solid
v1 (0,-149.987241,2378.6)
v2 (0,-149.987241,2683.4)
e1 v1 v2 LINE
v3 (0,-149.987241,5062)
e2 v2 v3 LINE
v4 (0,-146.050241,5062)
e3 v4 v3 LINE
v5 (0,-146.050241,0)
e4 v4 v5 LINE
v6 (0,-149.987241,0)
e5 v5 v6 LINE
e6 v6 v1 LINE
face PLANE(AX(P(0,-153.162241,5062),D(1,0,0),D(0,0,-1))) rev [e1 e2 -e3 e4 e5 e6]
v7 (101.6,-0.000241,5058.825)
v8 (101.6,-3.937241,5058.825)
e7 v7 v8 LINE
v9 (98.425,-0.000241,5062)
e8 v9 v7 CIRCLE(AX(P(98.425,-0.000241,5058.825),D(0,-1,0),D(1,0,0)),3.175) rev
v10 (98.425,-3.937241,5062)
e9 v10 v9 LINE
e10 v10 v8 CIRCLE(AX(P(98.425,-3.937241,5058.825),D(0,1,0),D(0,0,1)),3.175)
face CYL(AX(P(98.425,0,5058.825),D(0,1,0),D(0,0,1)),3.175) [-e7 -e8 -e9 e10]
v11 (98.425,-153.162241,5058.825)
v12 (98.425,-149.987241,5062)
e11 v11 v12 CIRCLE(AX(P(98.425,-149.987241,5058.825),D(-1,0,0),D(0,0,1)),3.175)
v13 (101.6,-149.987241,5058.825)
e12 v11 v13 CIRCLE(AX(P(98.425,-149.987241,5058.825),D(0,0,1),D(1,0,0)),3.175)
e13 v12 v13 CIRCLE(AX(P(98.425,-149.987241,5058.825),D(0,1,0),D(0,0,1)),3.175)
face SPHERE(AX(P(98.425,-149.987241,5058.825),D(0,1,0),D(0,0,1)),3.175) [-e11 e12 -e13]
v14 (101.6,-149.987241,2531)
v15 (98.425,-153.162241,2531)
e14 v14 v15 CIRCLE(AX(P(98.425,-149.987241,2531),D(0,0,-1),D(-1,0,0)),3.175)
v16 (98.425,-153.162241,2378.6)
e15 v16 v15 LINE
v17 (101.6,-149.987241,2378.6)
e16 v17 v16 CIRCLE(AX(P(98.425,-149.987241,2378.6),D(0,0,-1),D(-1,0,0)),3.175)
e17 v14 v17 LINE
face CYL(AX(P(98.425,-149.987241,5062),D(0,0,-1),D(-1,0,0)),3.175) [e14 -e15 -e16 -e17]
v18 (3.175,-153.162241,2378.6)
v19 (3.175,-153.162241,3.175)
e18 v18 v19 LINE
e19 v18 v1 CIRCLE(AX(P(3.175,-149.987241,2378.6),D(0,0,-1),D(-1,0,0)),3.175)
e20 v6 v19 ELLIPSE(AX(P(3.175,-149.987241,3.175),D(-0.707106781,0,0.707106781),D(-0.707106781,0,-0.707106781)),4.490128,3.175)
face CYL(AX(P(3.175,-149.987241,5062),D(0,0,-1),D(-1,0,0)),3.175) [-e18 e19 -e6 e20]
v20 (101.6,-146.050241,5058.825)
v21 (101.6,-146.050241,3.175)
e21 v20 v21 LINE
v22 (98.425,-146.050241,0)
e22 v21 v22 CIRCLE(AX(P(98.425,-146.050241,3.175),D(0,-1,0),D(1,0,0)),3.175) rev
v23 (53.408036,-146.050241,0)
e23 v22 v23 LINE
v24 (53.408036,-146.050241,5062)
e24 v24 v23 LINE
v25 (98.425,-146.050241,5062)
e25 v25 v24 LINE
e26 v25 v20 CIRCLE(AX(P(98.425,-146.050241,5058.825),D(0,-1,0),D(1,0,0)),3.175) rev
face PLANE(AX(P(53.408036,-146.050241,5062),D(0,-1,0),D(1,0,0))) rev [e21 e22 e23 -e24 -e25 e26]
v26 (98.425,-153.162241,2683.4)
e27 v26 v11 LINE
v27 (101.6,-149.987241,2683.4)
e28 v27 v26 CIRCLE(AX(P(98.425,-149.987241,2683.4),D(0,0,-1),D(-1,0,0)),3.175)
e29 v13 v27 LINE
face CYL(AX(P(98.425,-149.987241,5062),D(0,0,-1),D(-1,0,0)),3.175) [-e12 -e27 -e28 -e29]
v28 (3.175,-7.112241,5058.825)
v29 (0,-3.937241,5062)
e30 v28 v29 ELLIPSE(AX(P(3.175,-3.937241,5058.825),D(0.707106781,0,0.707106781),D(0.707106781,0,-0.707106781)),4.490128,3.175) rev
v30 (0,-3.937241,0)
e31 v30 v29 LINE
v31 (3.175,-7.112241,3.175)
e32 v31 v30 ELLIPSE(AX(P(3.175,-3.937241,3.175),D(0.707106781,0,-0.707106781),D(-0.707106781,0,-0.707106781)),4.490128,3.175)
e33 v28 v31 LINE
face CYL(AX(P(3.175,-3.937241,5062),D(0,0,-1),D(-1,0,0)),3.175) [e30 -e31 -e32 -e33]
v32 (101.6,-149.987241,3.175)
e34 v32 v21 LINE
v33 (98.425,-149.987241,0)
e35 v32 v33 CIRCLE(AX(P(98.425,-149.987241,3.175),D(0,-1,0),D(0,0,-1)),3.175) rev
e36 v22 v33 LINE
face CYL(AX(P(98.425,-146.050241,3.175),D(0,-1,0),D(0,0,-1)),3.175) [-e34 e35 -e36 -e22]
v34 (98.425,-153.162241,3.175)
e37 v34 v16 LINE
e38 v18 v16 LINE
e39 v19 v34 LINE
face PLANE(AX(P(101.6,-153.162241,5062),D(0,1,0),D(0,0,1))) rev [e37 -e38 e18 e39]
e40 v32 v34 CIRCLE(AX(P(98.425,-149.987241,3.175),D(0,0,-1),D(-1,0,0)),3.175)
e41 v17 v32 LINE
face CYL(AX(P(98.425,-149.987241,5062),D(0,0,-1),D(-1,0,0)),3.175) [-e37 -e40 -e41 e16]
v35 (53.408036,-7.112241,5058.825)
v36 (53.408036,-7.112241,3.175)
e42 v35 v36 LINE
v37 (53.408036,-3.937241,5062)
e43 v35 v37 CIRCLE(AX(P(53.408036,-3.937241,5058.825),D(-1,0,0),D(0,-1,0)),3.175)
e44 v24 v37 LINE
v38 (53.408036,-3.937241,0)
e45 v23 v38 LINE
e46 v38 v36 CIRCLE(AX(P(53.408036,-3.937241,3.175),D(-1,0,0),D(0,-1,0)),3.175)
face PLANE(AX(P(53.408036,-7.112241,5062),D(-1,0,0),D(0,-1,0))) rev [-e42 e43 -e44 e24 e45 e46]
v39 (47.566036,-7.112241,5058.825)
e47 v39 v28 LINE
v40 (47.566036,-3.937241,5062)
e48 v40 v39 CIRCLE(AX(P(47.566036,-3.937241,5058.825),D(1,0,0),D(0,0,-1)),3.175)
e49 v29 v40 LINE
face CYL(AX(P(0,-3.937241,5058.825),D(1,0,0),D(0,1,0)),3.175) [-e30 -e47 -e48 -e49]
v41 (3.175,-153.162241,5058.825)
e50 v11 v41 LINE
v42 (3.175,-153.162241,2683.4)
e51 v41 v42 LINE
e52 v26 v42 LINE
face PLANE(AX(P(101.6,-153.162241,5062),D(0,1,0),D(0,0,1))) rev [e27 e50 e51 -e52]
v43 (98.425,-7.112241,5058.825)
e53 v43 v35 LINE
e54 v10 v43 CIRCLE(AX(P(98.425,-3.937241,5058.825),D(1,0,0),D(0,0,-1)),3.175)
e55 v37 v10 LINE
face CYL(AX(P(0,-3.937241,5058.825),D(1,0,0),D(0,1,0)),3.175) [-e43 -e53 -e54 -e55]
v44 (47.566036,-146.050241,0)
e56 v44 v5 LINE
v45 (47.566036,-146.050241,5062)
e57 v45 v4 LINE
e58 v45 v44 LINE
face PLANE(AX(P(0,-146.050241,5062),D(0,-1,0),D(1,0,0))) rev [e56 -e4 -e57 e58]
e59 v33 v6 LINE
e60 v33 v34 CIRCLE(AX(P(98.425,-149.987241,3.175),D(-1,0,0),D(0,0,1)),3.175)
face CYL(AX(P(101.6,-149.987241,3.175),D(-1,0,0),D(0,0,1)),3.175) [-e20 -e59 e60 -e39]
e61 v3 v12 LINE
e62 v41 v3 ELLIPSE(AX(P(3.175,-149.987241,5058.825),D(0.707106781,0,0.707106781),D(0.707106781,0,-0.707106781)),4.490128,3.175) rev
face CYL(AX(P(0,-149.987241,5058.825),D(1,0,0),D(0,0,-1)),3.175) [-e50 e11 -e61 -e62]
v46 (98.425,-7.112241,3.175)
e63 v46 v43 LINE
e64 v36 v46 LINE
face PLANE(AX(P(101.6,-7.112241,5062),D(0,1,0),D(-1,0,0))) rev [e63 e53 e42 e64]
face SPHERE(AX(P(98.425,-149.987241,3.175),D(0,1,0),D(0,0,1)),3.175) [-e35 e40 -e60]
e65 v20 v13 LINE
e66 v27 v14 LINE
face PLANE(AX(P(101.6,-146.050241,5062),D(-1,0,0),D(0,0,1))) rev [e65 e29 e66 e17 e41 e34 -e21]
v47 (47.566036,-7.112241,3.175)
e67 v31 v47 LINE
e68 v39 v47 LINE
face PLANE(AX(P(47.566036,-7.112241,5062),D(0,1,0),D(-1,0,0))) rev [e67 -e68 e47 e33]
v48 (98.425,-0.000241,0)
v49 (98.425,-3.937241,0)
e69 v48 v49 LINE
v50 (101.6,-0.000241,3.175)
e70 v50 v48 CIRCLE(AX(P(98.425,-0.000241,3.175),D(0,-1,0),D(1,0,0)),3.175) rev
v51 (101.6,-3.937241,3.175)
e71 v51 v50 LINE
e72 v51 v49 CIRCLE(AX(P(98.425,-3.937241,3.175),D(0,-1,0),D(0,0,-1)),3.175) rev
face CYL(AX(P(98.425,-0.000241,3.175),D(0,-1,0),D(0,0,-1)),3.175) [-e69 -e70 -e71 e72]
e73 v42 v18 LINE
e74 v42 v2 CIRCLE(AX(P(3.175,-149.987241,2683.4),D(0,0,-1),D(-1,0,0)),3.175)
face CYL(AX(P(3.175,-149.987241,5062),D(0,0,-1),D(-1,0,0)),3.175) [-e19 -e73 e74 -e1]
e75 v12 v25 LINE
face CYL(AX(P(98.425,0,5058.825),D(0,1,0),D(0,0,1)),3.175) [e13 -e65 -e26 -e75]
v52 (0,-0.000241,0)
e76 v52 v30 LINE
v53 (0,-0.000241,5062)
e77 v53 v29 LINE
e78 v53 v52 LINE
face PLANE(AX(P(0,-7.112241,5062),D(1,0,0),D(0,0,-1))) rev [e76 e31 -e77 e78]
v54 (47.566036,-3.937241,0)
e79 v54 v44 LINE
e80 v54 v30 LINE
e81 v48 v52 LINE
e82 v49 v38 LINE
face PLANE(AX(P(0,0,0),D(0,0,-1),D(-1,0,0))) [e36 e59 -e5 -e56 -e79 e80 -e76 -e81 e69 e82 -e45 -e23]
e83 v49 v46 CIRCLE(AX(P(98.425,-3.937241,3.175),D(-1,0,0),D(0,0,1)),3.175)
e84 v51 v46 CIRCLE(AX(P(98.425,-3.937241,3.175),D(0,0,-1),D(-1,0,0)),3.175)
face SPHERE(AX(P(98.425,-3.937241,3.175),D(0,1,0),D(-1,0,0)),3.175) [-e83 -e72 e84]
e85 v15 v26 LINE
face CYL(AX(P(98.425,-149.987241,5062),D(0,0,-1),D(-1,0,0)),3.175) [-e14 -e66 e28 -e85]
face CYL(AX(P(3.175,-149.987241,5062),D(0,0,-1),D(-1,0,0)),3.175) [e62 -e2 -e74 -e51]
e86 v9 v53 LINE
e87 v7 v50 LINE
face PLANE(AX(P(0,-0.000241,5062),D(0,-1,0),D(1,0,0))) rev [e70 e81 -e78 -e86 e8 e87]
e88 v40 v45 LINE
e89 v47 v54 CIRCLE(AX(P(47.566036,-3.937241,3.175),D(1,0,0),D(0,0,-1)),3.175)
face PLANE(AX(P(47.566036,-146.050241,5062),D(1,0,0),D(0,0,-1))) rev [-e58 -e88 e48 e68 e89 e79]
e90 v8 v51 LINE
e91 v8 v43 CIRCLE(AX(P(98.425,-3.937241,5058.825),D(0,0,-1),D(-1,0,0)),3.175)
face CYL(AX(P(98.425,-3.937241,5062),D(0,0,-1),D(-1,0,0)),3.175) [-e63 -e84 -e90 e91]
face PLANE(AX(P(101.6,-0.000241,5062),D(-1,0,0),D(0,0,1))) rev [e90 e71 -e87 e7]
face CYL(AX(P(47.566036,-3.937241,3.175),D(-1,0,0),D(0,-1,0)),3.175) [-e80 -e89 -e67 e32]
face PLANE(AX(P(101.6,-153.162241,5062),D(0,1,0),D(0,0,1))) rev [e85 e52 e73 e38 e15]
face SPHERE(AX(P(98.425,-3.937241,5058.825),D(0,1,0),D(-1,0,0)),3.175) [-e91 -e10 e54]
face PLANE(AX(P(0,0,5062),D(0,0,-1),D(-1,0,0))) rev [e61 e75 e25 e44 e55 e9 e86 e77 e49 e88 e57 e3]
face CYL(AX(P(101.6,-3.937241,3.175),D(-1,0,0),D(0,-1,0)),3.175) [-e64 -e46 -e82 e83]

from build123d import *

# Parameters (mm, degrees)
BOSS_EXTRUDE1_DEPTH = 5062
FILLET1_R           = 3.175
FILLET2_R           = 3.175
FILLET3_R           = 3.175


with BuildPart() as part:
    # Sketch1 → Boss-Extrude1 (new body)
    with BuildSketch(Plane.XY):
        Polygon((0, -0.000240533), (101.6, -0.000240533), (101.6, -7.112240533), (53.408035714, -7.112240533), (53.408035714, -146.050240533), (101.6, -146.050240533), (101.6, -153.162240533), (0, -153.162240533), (0, -146.050240533), (47.566035714, -146.050240533), (47.566035714, -7.112240533), (0, -7.112240533), align=None)
    extrude(amount=BOSS_EXTRUDE1_DEPTH)

    # Fillet1
    fillet1_edges = [part.edges().sort_by_distance(p)[0] for p in [
        (101.6, -3.556240533, 0),
        (101.6, -149.606240533, 0),
        (101.6, -149.606240533, 5062),
        (101.6, -3.556240533, 5062),
    ]]
    fillet(fillet1_edges, radius=FILLET1_R)

    # Fillet2
    fillet2_edges = [part.edges().sort_by_distance(p)[0] for p in [
        (49.2125, -153.162240533, 0),
        (49.2125, -153.162240533, 5062),
        (0, -153.162240533, 2531),
        (101.6, -153.162240533, 2531),
        (101.6, -153.162240533, 2531),
        (101.6, -153.162240533, 2531),
        (0, -153.162240533, 2531),
        (0, -153.162240533, 2531),
        (101.6, -153.162240533, 2531),
        (100.67006403, -153.162240533, 5061.07006403),
        (100.67006403, -153.162240533, 0.92993597),
    ]]
    fillet(fillet2_edges, radius=FILLET2_R)

    # Fillet3
    fillet3_edges = [part.edges().sort_by_distance(p)[0] for p in [
        (75.916517857, -7.112240533, 0),
        (23.783017857, -7.112240533, 0),
        (0, -7.112240533, 2531),
        (75.916517857, -7.112240533, 5062),
        (101.6, -7.112240533, 2531),
        (100.67006403, -7.112240533, 0.92993597),
        (100.67006403, -7.112240533, 5061.07006403),
        (23.783017857, -7.112240533, 5062),
    ]]
    fillet(fillet3_edges, radius=FILLET3_R)


solid = part.part
